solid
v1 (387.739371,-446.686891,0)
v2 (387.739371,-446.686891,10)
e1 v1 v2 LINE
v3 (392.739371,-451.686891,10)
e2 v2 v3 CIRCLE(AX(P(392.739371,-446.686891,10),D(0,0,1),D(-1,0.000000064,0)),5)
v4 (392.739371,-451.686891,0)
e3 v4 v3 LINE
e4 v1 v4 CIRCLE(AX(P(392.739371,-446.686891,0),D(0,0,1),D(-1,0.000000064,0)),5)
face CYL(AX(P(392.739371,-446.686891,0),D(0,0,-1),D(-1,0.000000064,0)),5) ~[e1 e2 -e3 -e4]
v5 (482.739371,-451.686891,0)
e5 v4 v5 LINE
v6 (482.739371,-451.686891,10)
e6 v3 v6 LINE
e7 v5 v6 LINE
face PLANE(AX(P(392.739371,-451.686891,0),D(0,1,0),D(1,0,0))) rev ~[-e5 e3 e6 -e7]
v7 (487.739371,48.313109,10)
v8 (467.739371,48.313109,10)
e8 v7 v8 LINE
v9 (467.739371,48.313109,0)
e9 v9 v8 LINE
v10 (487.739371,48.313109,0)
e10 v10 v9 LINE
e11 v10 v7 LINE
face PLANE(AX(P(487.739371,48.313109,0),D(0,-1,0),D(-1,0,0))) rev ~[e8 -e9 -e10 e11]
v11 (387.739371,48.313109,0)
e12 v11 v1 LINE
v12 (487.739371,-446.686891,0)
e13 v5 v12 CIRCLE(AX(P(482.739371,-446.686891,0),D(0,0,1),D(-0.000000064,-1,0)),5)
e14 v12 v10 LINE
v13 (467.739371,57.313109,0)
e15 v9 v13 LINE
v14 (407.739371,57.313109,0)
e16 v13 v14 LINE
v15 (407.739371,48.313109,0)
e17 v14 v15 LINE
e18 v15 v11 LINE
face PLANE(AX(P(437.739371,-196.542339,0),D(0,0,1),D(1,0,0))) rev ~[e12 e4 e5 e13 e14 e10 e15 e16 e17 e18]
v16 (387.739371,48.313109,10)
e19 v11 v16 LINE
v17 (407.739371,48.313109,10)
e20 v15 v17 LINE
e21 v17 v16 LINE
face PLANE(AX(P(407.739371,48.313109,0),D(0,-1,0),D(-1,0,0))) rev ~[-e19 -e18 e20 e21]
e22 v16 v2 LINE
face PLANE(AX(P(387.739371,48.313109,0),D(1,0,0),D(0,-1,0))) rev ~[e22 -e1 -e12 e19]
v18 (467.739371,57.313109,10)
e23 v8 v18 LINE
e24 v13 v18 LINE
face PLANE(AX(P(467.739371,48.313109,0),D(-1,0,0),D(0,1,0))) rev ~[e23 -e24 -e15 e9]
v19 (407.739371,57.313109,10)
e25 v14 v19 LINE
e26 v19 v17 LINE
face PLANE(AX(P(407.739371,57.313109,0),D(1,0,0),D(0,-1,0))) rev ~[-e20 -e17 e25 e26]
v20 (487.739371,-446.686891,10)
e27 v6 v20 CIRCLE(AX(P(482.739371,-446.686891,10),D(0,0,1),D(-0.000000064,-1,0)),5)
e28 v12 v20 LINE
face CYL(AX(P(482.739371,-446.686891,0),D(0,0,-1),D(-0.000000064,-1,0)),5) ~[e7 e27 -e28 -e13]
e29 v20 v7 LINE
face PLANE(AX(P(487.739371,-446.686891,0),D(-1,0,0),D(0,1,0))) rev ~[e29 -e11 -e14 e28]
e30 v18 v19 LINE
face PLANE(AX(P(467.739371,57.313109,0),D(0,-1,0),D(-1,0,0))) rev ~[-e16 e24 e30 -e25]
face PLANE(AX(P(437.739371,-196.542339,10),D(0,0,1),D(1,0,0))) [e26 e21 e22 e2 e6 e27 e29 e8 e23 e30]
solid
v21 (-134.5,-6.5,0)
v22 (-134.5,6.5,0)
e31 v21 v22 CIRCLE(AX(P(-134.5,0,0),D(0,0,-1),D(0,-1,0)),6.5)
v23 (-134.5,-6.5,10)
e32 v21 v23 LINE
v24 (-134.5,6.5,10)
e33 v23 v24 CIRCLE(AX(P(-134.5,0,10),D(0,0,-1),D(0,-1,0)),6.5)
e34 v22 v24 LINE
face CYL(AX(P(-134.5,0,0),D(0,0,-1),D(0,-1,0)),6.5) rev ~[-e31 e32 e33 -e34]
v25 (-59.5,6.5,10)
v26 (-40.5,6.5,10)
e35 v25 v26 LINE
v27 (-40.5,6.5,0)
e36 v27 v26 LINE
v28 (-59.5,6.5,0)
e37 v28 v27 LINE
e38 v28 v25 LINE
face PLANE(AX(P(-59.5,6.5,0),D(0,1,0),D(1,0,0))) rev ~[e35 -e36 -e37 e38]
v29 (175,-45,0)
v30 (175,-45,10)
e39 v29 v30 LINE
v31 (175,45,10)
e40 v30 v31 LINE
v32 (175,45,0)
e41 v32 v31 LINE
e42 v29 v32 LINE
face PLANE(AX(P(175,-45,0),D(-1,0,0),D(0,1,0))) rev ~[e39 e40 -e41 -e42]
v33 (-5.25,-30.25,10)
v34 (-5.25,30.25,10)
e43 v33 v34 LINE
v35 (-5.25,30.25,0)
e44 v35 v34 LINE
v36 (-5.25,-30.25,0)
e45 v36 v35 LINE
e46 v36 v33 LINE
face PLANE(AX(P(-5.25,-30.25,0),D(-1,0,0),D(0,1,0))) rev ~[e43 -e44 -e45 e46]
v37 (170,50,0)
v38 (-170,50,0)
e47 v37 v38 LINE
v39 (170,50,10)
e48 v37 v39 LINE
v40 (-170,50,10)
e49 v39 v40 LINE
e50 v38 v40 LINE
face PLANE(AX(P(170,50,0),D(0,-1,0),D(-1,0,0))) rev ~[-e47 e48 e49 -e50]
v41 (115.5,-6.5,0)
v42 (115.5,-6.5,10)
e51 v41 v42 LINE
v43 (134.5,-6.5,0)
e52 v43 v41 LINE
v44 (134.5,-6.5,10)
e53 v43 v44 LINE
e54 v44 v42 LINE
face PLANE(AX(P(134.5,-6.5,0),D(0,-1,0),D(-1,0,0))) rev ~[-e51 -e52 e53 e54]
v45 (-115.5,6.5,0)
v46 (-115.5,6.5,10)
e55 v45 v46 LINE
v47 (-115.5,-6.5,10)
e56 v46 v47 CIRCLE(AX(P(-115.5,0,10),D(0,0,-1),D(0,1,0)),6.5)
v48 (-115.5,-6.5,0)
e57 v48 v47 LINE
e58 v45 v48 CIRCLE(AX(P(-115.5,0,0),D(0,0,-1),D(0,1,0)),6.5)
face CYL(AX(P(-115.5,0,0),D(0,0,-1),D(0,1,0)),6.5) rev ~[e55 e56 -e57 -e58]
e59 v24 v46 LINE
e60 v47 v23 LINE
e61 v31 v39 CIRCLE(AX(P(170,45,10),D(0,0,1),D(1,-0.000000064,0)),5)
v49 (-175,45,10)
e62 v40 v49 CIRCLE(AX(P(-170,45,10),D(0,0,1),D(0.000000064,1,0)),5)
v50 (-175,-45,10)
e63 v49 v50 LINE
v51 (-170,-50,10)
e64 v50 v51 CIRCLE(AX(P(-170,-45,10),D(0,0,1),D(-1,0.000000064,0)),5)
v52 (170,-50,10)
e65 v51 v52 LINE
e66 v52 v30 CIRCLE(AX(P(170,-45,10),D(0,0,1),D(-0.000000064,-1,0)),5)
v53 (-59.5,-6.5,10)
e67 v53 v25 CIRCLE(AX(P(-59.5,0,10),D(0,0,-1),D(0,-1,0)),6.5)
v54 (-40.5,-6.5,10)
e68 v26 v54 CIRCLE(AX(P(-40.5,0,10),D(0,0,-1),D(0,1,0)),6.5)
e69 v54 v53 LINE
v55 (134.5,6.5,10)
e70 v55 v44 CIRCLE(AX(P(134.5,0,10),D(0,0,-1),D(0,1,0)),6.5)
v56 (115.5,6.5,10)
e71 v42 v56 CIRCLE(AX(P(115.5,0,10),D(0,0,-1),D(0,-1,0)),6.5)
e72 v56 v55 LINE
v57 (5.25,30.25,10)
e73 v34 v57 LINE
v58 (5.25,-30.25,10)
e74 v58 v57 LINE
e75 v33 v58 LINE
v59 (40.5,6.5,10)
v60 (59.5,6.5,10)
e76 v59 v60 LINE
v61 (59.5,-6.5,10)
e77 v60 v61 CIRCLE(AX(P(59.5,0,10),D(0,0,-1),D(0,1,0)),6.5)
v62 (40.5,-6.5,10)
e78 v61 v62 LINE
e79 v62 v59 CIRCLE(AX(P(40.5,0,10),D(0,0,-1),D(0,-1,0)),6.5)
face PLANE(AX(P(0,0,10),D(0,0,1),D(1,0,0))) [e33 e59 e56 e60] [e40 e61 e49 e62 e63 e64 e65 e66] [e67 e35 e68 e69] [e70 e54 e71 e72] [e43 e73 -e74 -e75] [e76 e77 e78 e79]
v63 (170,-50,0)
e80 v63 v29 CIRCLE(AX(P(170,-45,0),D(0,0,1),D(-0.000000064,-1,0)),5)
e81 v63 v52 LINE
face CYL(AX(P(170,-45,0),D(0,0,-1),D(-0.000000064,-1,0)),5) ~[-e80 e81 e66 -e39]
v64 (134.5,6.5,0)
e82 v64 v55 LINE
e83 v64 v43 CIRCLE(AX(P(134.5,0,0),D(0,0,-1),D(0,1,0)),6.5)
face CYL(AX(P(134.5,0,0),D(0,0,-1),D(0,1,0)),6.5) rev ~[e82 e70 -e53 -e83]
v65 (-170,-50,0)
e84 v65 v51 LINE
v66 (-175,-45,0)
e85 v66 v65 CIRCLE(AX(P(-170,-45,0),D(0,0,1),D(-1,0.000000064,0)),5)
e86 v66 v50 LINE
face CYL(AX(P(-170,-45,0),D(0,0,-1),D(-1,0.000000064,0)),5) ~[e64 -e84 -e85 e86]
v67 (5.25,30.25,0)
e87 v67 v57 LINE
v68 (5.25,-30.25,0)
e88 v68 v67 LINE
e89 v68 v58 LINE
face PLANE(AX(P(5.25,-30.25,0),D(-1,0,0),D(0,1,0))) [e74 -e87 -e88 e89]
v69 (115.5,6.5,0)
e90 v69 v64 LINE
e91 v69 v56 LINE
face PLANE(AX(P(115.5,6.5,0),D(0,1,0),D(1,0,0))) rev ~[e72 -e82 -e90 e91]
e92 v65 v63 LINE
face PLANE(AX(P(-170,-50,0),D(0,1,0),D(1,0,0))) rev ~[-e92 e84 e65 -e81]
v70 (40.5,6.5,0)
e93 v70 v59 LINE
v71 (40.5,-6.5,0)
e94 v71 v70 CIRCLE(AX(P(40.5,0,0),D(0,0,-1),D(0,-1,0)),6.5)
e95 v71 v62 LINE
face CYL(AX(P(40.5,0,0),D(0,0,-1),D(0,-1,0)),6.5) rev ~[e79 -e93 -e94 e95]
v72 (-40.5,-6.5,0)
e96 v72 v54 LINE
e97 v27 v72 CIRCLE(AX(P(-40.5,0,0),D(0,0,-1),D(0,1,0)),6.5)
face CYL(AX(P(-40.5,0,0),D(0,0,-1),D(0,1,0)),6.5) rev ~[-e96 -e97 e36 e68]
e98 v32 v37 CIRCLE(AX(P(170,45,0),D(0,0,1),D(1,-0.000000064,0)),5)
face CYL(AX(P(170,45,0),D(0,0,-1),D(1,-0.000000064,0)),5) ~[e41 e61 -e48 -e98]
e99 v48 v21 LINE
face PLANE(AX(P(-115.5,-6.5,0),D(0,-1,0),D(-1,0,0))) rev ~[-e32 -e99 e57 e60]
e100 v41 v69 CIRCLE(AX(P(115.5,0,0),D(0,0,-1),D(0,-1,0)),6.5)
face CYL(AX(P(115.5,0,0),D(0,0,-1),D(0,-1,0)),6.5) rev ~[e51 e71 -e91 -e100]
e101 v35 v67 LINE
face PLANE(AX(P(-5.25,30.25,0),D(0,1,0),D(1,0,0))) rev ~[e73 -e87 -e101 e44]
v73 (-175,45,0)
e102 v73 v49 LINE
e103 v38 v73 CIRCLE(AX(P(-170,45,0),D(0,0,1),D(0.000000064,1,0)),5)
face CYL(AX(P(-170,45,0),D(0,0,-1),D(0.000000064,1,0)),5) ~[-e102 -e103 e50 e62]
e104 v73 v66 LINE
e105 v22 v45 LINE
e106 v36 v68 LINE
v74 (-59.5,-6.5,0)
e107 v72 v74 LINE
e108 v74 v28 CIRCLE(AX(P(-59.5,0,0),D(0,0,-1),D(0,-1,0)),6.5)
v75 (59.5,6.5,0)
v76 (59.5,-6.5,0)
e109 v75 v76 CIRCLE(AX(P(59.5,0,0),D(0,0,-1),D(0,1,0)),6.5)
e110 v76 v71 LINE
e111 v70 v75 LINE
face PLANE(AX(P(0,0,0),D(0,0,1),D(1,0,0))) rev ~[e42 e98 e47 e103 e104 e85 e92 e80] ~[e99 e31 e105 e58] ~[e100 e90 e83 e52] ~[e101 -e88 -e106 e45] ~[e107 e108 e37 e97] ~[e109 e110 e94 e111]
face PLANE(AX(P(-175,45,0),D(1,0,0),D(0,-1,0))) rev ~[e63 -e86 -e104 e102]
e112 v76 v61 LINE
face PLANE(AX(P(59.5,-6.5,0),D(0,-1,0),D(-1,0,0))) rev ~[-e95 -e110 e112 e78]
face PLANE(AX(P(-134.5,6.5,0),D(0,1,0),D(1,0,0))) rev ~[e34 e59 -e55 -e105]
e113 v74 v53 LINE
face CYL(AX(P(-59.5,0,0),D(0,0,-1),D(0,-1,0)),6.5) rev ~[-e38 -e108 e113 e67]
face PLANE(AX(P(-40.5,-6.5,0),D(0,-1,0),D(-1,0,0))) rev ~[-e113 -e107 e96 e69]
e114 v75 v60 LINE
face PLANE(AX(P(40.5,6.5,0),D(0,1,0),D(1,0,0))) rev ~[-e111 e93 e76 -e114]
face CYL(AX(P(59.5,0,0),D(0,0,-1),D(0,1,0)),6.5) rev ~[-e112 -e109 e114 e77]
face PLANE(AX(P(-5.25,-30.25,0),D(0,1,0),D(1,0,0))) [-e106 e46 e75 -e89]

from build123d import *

# Parameters (mm, degrees)
F0_W     = 10.5
F0_H     = 60.5
F1_DEPTH = 10
F3_DEPTH = 10


with BuildPart() as f1:
    # F0 (on Top) → F1 (new body)
    with BuildSketch(Plane.XY):
        with BuildLine():
            Line((-170, -50), (170, -50))
            ThreePointArc((170, -50), (173.535534, -48.535534), (175, -45))
            Line((175, -45), (175, 45))
            ThreePointArc((175, 45), (173.535534, 48.535534), (170, 50))
            Line((170, 50), (-170, 50))
            ThreePointArc((-170, 50), (-173.535534, 48.535534), (-175, 45))
            Line((-175, 45), (-175, -45))
            ThreePointArc((-175, -45), (-173.535534, -48.535534), (-170, -50))
        make_face()
        with BuildLine():
            ThreePointArc((-115.5, 6.5), (-109, 0), (-115.5, -6.5))
            Line((-115.5, -6.5), (-134.5, -6.5))
            ThreePointArc((-134.5, -6.5), (-141, 0), (-134.5, 6.5))
            Line((-134.5, 6.5), (-115.5, 6.5))
        make_face(mode=Mode.SUBTRACT)
        with BuildLine():
            Line((-59.5, 6.5), (-40.5, 6.5))
            ThreePointArc((-40.5, 6.5), (-34, 0), (-40.5, -6.5))
            Line((-40.5, -6.5), (-59.5, -6.5))
            ThreePointArc((-59.5, -6.5), (-66, 0), (-59.5, 6.5))
        make_face(mode=Mode.SUBTRACT)
        Rectangle(F0_W, F0_H, mode=Mode.SUBTRACT)
        with BuildLine():
            ThreePointArc((59.5, 6.5), (66, 0), (59.5, -6.5))
            Line((59.5, -6.5), (40.5, -6.5))
            ThreePointArc((40.5, -6.5), (34, 0), (40.5, 6.5))
            Line((40.5, 6.5), (59.5, 6.5))
        make_face(mode=Mode.SUBTRACT)
        with BuildLine():
            ThreePointArc((134.5, 6.5), (141, 0), (134.5, -6.5))
            Line((134.5, -6.5), (115.5, -6.5))
            ThreePointArc((115.5, -6.5), (109, 0), (115.5, 6.5))
            Line((115.5, 6.5), (134.5, 6.5))
        make_face(mode=Mode.SUBTRACT)
    extrude(amount=F1_DEPTH)


with BuildPart() as f3:
    # F2 (on Top) → F3 (new body)
    with BuildSketch(Plane.XY):
        with BuildLine():
            Line((407.739371, 48.313109), (387.739371, 48.313109))
            Line((387.739371, 48.313109), (387.739371, -446.686891))
            ThreePointArc((387.739371, -446.686891), (389.203837, -450.222425), (392.739371, -451.686891))
            Line((392.739371, -451.686891), (482.739371, -451.686891))
            ThreePointArc((482.739371, -451.686891), (486.274905, -450.222425), (487.739371, -446.686891))
            Line((487.739371, -446.686891), (487.739371, 48.313109))
            Line((487.739371, 48.313109), (467.739371, 48.313109))
            Line((467.739371, 48.313109), (467.739371, 57.313109))
            Line((467.739371, 57.313109), (407.739371, 57.313109))
            Line((407.739371, 57.313109), (407.739371, 48.313109))
        make_face()
    extrude(amount=F3_DEPTH)


solid = Compound([f1.part, f3.part])
